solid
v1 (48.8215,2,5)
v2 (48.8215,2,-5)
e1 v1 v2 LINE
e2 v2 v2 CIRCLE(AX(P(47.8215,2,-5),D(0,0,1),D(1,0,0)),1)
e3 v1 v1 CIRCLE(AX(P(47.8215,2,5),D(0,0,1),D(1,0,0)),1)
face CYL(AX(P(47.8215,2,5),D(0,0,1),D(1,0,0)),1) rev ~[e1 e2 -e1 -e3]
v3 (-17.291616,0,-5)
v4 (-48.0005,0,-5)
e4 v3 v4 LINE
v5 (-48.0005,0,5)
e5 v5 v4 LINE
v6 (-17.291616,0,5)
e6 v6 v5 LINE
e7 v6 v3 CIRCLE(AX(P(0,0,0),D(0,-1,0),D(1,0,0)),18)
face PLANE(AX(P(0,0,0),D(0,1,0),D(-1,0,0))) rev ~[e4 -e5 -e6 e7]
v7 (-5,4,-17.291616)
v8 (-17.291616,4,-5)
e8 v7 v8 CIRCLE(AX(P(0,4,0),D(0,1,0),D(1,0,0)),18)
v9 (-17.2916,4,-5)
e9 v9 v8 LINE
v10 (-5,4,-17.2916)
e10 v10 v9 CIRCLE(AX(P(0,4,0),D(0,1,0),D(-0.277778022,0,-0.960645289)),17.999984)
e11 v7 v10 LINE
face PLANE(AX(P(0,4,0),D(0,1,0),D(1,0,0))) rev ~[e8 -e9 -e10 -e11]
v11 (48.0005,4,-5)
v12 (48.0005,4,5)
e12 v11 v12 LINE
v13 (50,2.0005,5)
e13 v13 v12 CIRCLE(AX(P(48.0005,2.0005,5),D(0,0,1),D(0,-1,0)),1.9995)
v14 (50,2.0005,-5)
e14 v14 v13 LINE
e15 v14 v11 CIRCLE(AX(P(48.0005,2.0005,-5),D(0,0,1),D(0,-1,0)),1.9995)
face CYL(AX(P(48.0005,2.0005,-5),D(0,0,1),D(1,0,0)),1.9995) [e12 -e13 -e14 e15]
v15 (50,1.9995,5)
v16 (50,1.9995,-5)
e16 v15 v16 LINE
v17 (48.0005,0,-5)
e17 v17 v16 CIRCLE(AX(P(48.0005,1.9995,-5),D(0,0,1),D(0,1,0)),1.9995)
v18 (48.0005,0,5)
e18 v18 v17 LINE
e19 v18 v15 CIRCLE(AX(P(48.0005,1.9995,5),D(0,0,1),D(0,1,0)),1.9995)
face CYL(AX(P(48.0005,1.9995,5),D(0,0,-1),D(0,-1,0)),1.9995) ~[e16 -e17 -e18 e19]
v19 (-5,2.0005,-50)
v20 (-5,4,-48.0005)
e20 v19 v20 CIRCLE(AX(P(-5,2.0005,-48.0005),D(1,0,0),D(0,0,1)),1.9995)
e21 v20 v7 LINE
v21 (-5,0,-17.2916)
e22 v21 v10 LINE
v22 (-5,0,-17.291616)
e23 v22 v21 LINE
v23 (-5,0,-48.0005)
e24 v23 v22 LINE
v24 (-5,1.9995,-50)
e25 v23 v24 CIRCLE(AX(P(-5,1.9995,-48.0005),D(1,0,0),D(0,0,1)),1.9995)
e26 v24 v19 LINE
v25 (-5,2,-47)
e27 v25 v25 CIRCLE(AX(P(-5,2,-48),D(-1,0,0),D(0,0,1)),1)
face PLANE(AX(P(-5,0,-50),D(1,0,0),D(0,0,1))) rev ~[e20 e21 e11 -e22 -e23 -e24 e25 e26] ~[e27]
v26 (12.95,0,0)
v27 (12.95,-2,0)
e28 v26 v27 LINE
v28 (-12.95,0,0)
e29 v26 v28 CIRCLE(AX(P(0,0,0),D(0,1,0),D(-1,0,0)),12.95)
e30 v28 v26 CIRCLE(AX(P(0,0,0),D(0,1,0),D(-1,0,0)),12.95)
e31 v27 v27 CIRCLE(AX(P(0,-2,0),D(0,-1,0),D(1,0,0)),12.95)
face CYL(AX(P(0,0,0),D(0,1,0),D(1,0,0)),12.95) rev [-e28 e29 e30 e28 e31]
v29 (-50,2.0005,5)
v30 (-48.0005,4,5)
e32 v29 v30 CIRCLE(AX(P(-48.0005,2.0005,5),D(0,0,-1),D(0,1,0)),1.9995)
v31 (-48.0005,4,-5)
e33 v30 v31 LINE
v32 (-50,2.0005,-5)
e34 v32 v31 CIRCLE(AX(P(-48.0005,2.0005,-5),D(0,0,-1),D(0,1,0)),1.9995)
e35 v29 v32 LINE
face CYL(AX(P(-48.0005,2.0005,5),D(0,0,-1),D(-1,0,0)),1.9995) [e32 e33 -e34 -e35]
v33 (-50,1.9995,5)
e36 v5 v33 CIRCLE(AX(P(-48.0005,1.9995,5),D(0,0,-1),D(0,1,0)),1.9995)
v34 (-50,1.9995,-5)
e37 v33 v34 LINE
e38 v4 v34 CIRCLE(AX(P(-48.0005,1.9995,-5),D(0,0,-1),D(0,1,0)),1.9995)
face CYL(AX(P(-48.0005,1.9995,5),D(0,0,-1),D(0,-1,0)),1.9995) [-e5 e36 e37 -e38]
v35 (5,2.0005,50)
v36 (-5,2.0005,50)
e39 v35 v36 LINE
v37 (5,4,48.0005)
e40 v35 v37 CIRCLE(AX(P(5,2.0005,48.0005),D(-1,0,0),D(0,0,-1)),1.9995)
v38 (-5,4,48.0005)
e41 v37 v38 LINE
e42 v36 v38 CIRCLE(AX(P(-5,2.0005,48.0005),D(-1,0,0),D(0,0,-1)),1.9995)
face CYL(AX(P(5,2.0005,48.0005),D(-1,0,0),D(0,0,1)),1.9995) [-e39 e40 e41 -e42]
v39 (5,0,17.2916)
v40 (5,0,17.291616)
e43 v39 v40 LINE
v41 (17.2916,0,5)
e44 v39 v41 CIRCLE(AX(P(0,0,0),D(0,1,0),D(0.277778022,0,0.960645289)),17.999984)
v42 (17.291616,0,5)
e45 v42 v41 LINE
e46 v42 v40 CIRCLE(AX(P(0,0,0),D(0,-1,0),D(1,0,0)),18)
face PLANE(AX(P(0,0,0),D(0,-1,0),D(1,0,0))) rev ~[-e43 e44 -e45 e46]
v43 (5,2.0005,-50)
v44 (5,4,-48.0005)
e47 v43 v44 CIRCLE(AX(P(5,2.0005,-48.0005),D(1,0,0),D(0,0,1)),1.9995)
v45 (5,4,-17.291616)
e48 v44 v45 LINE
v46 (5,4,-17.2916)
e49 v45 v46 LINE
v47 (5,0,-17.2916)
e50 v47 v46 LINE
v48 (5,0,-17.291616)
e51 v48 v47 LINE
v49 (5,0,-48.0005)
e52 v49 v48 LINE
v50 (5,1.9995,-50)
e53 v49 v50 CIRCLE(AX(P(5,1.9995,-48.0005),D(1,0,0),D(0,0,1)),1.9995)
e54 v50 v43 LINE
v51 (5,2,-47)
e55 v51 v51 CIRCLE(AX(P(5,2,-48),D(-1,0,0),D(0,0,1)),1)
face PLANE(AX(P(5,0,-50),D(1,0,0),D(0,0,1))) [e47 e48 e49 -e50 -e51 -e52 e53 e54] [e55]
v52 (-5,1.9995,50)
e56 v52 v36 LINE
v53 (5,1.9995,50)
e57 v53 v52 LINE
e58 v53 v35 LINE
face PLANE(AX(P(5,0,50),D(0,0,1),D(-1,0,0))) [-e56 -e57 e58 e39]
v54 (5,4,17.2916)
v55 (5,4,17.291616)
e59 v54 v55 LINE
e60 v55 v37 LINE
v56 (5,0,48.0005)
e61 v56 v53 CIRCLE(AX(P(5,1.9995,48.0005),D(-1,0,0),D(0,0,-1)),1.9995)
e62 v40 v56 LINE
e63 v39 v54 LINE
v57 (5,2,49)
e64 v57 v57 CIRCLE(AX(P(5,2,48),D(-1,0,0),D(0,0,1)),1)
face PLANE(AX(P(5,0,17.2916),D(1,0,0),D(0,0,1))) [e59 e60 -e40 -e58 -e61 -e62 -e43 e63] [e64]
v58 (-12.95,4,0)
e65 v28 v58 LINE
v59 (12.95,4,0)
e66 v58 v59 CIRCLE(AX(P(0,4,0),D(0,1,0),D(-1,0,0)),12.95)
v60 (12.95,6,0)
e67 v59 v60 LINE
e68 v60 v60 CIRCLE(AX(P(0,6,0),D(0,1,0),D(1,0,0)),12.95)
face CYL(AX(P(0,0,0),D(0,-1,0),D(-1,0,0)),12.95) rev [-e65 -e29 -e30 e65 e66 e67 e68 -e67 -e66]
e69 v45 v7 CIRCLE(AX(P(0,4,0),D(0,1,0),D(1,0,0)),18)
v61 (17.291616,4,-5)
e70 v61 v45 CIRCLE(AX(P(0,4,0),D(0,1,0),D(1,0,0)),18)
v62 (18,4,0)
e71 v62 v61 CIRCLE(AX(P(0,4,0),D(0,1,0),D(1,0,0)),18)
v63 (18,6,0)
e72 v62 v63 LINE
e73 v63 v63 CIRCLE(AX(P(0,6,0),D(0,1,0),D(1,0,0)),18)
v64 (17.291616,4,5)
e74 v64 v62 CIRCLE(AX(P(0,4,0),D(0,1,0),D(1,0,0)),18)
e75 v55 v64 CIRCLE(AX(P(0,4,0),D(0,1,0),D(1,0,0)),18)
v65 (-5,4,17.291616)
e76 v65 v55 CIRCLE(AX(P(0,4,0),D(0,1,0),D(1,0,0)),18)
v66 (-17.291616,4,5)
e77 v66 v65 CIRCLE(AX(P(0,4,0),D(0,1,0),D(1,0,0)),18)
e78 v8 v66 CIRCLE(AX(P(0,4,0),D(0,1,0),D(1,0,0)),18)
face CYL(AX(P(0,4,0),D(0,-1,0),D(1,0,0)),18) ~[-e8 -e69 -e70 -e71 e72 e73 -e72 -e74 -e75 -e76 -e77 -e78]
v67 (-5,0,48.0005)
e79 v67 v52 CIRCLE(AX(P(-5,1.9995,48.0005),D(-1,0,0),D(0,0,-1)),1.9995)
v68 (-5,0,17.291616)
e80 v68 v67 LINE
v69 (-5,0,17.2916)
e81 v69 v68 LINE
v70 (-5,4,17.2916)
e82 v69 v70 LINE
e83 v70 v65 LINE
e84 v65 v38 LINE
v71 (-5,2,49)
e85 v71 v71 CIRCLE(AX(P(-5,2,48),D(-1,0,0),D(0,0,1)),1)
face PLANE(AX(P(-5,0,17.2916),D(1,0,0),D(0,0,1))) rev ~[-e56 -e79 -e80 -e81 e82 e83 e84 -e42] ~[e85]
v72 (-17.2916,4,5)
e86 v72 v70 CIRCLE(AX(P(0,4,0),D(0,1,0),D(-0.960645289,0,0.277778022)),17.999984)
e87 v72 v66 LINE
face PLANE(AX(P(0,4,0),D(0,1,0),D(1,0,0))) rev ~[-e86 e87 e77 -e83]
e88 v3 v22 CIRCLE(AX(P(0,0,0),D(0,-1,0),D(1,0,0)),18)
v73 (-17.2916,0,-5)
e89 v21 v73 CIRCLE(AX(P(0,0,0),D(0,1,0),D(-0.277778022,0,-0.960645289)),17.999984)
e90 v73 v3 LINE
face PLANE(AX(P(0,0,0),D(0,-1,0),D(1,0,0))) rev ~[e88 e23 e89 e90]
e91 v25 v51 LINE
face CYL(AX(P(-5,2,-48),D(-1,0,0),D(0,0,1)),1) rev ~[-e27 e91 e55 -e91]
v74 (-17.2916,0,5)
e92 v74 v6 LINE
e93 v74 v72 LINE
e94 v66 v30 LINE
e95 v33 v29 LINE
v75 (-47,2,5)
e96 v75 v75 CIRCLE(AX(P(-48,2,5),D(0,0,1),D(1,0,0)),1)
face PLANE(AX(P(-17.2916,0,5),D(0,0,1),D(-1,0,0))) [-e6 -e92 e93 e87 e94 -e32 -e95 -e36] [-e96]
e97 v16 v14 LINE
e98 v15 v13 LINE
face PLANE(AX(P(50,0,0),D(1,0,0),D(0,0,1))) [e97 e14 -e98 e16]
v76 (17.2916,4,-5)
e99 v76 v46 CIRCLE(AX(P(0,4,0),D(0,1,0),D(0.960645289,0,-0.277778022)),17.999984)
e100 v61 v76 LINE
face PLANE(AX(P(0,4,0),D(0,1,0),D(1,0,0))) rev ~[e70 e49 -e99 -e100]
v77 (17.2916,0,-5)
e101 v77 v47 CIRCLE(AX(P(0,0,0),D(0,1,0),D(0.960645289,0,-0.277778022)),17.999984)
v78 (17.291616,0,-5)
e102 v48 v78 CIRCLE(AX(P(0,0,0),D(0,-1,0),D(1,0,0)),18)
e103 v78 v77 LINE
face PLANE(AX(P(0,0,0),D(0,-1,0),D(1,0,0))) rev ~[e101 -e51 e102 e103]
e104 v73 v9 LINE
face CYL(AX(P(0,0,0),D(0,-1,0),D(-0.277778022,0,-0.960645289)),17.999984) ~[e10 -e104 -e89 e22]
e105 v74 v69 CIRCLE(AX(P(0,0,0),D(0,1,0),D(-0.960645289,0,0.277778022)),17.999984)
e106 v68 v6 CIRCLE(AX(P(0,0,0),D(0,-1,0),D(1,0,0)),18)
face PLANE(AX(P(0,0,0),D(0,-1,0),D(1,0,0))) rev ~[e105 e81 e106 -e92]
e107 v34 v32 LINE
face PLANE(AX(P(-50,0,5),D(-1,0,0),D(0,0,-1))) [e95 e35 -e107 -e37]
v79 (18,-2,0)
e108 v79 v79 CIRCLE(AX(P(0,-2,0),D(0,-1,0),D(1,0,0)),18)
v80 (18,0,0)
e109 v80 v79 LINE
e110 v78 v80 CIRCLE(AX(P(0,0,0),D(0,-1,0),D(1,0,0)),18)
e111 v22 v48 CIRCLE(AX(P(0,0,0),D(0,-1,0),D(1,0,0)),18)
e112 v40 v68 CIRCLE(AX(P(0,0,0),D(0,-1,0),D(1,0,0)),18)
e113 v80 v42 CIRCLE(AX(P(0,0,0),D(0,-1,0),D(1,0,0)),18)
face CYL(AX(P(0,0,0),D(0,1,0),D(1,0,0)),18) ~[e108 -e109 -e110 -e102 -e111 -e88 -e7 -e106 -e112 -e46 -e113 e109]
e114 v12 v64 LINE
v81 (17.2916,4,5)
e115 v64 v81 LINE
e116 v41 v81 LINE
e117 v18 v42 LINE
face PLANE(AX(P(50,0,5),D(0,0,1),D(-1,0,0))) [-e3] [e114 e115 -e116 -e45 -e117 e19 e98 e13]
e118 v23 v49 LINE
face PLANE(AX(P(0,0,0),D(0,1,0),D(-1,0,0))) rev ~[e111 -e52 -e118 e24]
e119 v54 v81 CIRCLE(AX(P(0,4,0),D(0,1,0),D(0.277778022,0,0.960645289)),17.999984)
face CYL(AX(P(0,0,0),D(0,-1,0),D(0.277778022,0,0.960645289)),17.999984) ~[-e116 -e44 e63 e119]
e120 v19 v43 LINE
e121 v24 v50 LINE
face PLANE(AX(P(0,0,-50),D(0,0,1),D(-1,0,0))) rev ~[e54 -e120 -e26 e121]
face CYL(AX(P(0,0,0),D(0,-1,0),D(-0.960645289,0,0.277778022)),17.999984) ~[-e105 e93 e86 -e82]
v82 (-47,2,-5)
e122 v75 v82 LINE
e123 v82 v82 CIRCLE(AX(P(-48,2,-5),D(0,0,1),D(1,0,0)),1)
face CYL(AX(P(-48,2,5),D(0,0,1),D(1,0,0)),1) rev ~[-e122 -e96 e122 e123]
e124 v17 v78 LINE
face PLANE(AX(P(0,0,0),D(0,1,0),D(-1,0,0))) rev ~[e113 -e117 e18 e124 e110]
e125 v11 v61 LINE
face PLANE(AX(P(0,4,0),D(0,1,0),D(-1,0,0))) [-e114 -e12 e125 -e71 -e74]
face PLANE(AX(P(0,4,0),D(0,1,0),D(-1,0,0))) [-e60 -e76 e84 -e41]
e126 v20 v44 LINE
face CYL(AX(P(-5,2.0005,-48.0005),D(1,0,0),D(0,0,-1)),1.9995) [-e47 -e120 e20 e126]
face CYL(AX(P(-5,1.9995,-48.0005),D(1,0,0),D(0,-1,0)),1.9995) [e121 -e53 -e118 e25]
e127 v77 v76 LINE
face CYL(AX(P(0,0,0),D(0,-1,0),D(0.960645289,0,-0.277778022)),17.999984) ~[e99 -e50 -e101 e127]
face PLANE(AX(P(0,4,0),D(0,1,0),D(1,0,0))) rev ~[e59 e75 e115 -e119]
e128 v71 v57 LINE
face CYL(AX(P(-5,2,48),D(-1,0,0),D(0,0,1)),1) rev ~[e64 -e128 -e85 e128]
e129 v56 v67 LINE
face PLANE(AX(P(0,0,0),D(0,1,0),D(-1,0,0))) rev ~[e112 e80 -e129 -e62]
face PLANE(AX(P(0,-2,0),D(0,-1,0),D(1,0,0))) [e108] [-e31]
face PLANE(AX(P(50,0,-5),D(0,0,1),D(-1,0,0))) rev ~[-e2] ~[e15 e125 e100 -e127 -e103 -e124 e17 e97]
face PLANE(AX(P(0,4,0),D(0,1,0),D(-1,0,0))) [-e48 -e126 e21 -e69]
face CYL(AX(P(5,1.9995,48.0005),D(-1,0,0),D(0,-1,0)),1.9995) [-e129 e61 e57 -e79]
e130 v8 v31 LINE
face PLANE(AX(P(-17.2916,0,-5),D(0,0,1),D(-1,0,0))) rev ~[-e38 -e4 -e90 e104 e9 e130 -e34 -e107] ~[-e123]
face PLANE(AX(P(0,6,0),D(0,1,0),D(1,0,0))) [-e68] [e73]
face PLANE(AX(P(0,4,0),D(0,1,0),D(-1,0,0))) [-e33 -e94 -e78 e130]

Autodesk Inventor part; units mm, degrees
ref_plane "YZ Plane" through (0, 0, 0) normal (1, 0, 0) x (0, 1, 0)
ref_plane "XZ Plane" through (0, 0, 0) normal (0, 1, 0) x (-1, 0, 0)
ref_plane "XY Plane" through (0, 0, 0) normal (0, 0, 1) x (1, 0, 0)
sketch "Boceto1" plane through (0, 0, 0) normal (0, 1, 0) x (-1, 0, 0)
  circle A0 centre (0, 0) radius 50 construction
  line L0 (-28.7316, 0) -> (21.6034, 0) construction
  circle A1 centre (0, 0) radius 12.95
  line L1 (50, 0) -> (-50, 0) construction
  line L2 (-50, 0) -> (-50, 5)
  line L3 (50, 5) -> (50, 0)
  line L4 (-50, 0) -> (-50, -5)
  line L5 (50, -5) -> (50, 0)
  line L6 (-50, -5) -> (-17.2916, -5)
  line L7 (17.2916, -5) -> (50, -5)
  line L8 (-50, 5) -> (-17.2916, 5)
  line L9 (17.2916, 5) -> (50, 5)
  line L10 (0, 50) -> (0, -50) construction
  line L11 (0, -50) -> (-5, -50)
  line L12 (-5, 50) -> (0, 50)
  line L13 (0, -50) -> (5, -50)
  line L14 (5, 50) -> (0, 50)
  arc A2 (-17.2916, -5) -> (-5, -17.2916) centre (0, 0) ccw
  arc A3 (5, -17.2916) -> (17.2916, -5) centre (0, 0) ccw
  arc A4 (17.2916, 5) -> (5, 17.2916) centre (0, 0) ccw
  arc A5 (-5, 17.2916) -> (-17.2916, 5) centre (0, 0) ccw
  line L15 (-5, -50) -> (-5, -17.2916)
  line L16 (-5, 17.2916) -> (-5, 50)
  line L17 (5, 17.2916) -> (5, 50)
  line L18 (5, -50) -> (5, -17.2916)
  dimension "d2" = 100
  dimension "d3" = 25.9
  dimension "d5" = 5
  dimension "d6" = 5
extrude "Extrusión1" add sketch "Boceto1" along normal blind 4
sketch "Boceto2" plane through (0, 4, 0) normal (0, 1, 0) x (1, 0, 0)
  circle A0 centre (0, 0) radius 18
  circle A1 centre (0, 0) radius 12.95
  dimension "d9" = 36
  dimension "d10" = 25.9
extrude "Extrusión2" add sketch "Boceto2" along normal blind 2
sketch "Boceto3" plane through (0, 0, 0) normal (0, -1, 0) x (1, 0, 0)
  circle A0 centre (0, 0) radius 18
  circle A1 centre (0, 0) radius 12.95
  dimension "d13" = 36
  dimension "d14" = 25.9
extrude "Extrusión3" add sketch "Boceto3" along normal blind 2
sketch "Boceto4" plane through (0, 4, 0) normal (0, 1, 0) x (1, 0, 0)
  point P0 (0, 0)
sketch "Boceto5" plane through (-5, 0, 50) normal (0, 0, 1) x (1, 0, 0)
  point P0 (5, 0)
sketch "Boceto6" plane through (-5, 0, 17.2916) normal (-1, 0, 0) x (0, 0, 1)
  line L0 (-67.2916, 4) -> (-63.2916, 4) construction
  line L1 (-63.2916, 4) -> (-63.2916, 0) construction
  line L2 (-63.2916, 0) -> (-67.2916, 0) construction
  line L3 (-67.2916, 0) -> (-67.2916, 4) construction
  line L4 (32.7084, 4) -> (0, 4) construction
  line L5 (32.7084, 4) -> (28.7084, 4)
  line L6 (28.7084, 4) -> (28.7084, 0) construction
  line L7 (28.7084, 0) -> (32.7084, 0) construction
  line L8 (32.7084, 0) -> (32.7084, 4) construction
  circle A0 centre (30.7084, 2) radius 1
  circle A1 centre (-65.2916, 2) radius 1
  point P0 (-17.2916, 0)
  dimension "d17" = 4
  dimension "d18" = 4
  dimension "d19" = 4
  dimension "d20" = 4
  dimension "d21" = 2
  dimension "d22" = 2
extrude "Extrusión4" cut sketch "Boceto6" against normal through all
sketch "Boceto7" plane through (17.2916, 0, 5) normal (0, 0, 1) x (1, 0, 0)
  line L0 (-34.5832, 4) -> (-67.2916, 4) construction
  line L1 (-67.2916, 4) -> (-63.2916, 4)
  line L2 (-63.2916, 4) -> (-63.2916, 0) construction
  line L3 (-63.2916, 0) -> (-67.2916, 0) construction
  line L4 (-67.2916, 0) -> (-67.2916, 4) construction
  circle A0 centre (-65.2916, 2) radius 1
  line L5 (32.7084, 4) -> (0, 4) construction
  line L6 (32.7084, 4) -> (28.7084, 4)
  line L7 (28.7084, 4) -> (28.7084, 0) construction
  line L8 (28.7084, 0) -> (32.7084, 0) construction
  line L9 (32.7084, 0) -> (32.7084, 4) construction
  circle A1 centre (30.5299, 2) radius 1
  point P0 (-17.2916, 0)
  dimension "d25" = 4
  dimension "d26" = 4
  dimension "d27" = 2
  dimension "d28" = 4
  dimension "d29" = 4
  dimension "d30" = 2
extrude "Extrusión5" cut sketch "Boceto7" against normal through all
fillet "Empalme1" radius 2 8 edges at (-50, 4, 0) (-50, 0, 0) (0, 4, 50) (0, 0, 50) (50, 4, 0) (50, 0, 0) (0, 4, -50) (0, 0, -50)
sketch "Boceto8" plane through (-17.2916, 0, 5) normal (0, 0, 1) x (1, 0, 0)
  point P0 (17.2916, 0)
sketch "Boceto9" plane through (5, 0, 17.2916) normal (1, 0, 0) x (0, 0, -1)
  point P0 (17.2916, 0)
